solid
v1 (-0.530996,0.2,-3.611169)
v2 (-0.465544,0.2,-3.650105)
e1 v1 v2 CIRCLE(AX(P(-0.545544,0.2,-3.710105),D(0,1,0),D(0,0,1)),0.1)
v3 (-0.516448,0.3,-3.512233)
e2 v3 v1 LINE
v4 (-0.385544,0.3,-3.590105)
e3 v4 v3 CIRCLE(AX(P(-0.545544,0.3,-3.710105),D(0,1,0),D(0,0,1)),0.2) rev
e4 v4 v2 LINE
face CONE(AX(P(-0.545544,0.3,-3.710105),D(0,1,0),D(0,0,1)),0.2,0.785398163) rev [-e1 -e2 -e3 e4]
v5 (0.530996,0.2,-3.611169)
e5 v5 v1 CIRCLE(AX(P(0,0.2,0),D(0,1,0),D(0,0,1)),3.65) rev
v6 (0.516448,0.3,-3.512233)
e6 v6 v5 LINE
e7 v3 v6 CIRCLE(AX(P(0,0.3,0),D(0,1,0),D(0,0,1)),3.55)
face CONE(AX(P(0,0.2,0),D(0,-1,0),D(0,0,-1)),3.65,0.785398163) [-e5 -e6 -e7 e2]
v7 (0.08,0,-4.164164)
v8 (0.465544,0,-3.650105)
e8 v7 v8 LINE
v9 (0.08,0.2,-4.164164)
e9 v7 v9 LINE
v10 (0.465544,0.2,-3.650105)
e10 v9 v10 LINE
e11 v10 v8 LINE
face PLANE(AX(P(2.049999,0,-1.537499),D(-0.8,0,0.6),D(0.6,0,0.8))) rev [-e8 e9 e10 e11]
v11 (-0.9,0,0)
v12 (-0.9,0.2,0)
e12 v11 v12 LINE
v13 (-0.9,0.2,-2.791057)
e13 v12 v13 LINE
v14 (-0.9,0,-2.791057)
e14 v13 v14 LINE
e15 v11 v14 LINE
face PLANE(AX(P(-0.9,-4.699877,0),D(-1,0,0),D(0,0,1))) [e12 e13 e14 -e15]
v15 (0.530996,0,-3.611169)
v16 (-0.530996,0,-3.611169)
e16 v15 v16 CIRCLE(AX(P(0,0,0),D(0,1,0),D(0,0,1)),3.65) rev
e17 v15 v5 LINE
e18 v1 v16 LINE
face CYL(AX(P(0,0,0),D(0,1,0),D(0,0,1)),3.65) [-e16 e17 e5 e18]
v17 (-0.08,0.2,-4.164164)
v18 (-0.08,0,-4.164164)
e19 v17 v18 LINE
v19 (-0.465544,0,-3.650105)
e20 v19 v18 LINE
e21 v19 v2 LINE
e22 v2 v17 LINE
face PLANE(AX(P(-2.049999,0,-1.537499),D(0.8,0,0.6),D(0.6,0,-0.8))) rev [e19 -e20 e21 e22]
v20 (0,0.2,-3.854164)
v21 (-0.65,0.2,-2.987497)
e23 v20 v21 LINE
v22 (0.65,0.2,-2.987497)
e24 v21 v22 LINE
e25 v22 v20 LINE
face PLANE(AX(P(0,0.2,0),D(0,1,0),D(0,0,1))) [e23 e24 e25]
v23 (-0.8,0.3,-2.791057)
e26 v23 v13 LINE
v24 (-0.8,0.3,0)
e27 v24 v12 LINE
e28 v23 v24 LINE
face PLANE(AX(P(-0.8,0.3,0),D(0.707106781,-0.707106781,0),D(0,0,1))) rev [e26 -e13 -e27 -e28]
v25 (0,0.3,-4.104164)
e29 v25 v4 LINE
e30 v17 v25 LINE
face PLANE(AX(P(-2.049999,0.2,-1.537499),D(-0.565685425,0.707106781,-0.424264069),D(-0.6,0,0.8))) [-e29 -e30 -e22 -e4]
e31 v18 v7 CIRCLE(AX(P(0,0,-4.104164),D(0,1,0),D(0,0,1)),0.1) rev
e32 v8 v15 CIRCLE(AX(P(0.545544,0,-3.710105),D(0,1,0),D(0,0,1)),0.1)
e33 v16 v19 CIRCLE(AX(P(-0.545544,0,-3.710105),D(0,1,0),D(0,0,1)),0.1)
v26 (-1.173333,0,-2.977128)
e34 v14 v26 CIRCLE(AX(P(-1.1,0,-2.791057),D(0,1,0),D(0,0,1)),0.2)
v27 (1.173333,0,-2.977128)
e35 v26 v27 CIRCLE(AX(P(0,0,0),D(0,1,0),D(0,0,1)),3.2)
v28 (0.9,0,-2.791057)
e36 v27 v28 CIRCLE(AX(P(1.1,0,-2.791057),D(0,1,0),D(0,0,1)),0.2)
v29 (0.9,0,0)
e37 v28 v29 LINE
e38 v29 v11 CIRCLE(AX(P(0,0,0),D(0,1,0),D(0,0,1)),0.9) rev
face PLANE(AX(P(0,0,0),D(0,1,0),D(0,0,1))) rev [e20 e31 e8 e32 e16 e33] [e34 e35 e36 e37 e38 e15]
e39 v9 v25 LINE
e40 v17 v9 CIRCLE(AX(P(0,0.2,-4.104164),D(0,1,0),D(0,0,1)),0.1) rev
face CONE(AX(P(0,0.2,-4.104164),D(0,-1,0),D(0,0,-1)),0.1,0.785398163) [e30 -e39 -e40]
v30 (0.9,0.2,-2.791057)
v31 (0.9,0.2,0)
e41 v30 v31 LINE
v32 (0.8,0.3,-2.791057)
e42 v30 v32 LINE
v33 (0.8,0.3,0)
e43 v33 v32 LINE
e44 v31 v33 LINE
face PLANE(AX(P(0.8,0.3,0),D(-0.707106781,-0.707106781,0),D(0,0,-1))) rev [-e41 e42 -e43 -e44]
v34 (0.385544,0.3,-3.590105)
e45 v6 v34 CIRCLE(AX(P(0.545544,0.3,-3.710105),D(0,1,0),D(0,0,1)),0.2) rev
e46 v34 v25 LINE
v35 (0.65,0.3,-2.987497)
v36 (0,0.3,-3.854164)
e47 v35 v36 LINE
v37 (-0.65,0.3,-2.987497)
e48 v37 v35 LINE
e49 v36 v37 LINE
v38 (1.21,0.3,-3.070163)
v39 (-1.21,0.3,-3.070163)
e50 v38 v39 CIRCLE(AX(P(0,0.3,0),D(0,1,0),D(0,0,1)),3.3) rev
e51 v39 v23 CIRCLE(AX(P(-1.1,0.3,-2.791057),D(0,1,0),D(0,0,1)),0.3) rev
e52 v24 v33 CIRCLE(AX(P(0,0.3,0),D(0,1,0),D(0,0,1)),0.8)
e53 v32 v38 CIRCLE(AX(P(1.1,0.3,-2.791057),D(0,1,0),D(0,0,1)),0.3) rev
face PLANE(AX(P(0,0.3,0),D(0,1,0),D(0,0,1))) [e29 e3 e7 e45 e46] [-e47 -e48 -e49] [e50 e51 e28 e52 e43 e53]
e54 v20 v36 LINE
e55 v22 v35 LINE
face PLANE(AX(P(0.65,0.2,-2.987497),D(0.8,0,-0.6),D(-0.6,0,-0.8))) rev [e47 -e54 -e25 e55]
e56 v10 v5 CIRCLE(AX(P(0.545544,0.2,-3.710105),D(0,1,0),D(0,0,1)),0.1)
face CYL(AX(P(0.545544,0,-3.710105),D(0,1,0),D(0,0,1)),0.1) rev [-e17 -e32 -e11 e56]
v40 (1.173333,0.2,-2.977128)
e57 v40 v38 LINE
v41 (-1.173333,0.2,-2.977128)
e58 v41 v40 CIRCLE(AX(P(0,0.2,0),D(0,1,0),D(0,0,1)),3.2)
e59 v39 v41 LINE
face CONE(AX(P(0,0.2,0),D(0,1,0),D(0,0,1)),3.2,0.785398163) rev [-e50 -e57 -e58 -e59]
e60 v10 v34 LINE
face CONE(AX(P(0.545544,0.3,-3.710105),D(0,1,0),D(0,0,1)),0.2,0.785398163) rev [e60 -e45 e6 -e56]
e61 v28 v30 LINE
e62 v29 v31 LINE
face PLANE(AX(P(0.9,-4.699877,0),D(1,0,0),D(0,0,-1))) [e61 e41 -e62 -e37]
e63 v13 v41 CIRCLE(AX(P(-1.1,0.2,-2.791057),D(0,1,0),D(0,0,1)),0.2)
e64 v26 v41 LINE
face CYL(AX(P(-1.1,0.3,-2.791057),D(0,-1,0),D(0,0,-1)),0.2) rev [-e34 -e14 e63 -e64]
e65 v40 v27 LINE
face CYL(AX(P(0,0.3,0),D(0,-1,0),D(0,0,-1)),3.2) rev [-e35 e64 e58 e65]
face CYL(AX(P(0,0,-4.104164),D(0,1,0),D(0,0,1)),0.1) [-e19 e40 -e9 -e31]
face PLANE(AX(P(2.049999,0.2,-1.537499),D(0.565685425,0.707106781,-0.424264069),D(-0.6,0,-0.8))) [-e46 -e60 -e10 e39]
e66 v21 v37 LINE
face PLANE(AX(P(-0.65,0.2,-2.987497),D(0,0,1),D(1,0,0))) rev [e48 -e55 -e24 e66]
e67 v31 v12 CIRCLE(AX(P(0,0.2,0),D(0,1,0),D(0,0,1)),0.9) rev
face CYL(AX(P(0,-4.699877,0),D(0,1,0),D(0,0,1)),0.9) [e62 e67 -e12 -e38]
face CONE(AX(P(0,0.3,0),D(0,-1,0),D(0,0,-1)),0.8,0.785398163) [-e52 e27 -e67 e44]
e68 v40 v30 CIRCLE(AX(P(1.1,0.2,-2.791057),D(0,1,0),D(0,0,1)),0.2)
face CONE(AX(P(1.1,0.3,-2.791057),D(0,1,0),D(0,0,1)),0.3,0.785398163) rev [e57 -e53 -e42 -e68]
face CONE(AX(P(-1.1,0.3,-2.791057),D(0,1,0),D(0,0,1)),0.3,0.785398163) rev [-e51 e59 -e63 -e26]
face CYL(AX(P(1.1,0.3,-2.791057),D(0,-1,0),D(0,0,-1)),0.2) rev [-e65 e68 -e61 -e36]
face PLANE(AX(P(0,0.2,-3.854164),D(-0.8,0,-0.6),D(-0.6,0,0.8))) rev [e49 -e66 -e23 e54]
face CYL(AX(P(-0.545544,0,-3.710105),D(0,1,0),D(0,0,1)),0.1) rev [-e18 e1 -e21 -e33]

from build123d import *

# Parameters (mm, degrees)
SKETCH2_R             = 0.786234884
BOSS_EXTRUDE1_DEPTH   = 0.3
SKETCH2_R_2           = 5.5
SKETCH2_R_3           = 3.2
BOSS_EXTRUDE1_2_DEPTH = 0.3
BOSS_EXTRUDE2_DEPTH   = 0.3
SKETCH4_R             = 5.5
CUT_EXTRUDE1_DEPTH    = 1.3
FILLET1_R             = 0.2
FILLET2_R             = 0.1
CHAMFER1_SIZE         = 0.1
CUT_EXTRUDE2_DEPTH    = 0.1


with BuildPart() as part:
    # Sketch2 → Boss-Extrude1 (new body)
    with BuildSketch(Plane(origin=(0, 0, 0), x_dir=(1, 0, 0), z_dir=(0, 1, 0))):
        Circle(SKETCH2_R)
    extrude(amount=BOSS_EXTRUDE1_DEPTH)



with BuildPart() as body_2:
    # Sketch2 → Boss-Extrude1 2 (new body)
    with BuildSketch(Plane(origin=(0, 0, 0), x_dir=(1, 0, 0), z_dir=(0, 1, 0))):
        Circle(SKETCH2_R_2)
        Circle(SKETCH2_R_3, mode=Mode.SUBTRACT)
    extrude(amount=BOSS_EXTRUDE1_2_DEPTH)


with BuildPart() as part_1:
    add(part.part)

    add(body_2.part)  # Boss-Extrude2 merges body 2
    # Sketch3 → Boss-Extrude2 (add)
    with BuildSketch(Plane(origin=(0, 0.3, 0), x_dir=(1, 0, 0), z_dir=(0, 1, 0))):
        with BuildLine():
            Line((-0.9, 0), (-0.9, 3.441526045))
            Line((-0.9, 3.441526045), (0.9, 3.441526045))
            Line((0.9, 3.441526045), (0.9, 0))
            ThreePointArc((0.9, 0), (0, -0.9), (-0.9, 0))
        make_face()
    extrude(amount=-BOSS_EXTRUDE2_DEPTH)

    # Sketch4 → Cut-Extrude1 (cut, through all)
    with BuildSketch(Plane(origin=(0, 0.3, 0), x_dir=(1, 0, 0), z_dir=(0, 1, 0))):
        Circle(SKETCH4_R)
        with BuildLine():
            ThreePointArc((3.65, 0), (-2.401287493, -2.748875839), (-0.490448426, 3.616899272))
            Line((-0.490448426, 3.616899272), (0, 4.270830507))
            Line((0, 4.270830507), (0.490448426, 3.616899272))
            ThreePointArc((0.490448426, 3.616899272), (2.748875839, 2.401287493), (3.65, 0))
        make_face(mode=Mode.SUBTRACT)
    extrude(amount=-CUT_EXTRUDE1_DEPTH, mode=Mode.SUBTRACT)

    # Fillet1
    fillet1_edges = [part_1.edges().sort_by_distance(p)[0] for p in [
        (-0.9, 0.15, -3.070830507),
        (0.9, 0.15, -3.070830507),
    ]]
    fillet(fillet1_edges, radius=FILLET1_R)

    # Fillet2
    fillet2_edges = [part_1.edges().sort_by_distance(p)[0] for p in [
        (0.490448426, 0.15, -3.616899272),
        (0, 0.15, -4.270830507),
        (-0.490448426, 0.15, -3.616899272),
    ]]
    fillet(fillet2_edges, radius=FILLET2_R)

    # Chamfer1
    chamfer1_edges = [part_1.edges().sort_by_distance(p)[0] for p in [
        (0, 0.3, 3.2),
        (-0.9, 0.3, -1.395528574),
        (0.987453713, 0.3, -2.956385104),
        (-0.987453713, 0.3, -2.956385104),
        (0, 0.3, 0.9),
        (0, 0.3, 3.65),
        (0.9, 0.3, -1.395528574),
        (0.272771923, 0.3, -3.907134609),
        (-0.272771923, 0.3, -3.907134609),
        (0, 0.3, -4.20416384),
        (0.494418226, 0.3, -3.624162542),
        (-0.494418226, 0.3, -3.624162542),
    ]]
    chamfer(chamfer1_edges, length=CHAMFER1_SIZE)

    # Sketch5 → Cut-Extrude2 (cut)
    with BuildSketch(Plane(origin=(0, 0.3, 0), x_dir=(1, 0, 0), z_dir=(0, 1, 0))):
        Polygon((-0.65, 2.987497173), (0.65, 2.987497173), (0, 3.85416384), align=None)
    extrude(amount=-CUT_EXTRUDE2_DEPTH, mode=Mode.SUBTRACT)


solid = part_1.part
